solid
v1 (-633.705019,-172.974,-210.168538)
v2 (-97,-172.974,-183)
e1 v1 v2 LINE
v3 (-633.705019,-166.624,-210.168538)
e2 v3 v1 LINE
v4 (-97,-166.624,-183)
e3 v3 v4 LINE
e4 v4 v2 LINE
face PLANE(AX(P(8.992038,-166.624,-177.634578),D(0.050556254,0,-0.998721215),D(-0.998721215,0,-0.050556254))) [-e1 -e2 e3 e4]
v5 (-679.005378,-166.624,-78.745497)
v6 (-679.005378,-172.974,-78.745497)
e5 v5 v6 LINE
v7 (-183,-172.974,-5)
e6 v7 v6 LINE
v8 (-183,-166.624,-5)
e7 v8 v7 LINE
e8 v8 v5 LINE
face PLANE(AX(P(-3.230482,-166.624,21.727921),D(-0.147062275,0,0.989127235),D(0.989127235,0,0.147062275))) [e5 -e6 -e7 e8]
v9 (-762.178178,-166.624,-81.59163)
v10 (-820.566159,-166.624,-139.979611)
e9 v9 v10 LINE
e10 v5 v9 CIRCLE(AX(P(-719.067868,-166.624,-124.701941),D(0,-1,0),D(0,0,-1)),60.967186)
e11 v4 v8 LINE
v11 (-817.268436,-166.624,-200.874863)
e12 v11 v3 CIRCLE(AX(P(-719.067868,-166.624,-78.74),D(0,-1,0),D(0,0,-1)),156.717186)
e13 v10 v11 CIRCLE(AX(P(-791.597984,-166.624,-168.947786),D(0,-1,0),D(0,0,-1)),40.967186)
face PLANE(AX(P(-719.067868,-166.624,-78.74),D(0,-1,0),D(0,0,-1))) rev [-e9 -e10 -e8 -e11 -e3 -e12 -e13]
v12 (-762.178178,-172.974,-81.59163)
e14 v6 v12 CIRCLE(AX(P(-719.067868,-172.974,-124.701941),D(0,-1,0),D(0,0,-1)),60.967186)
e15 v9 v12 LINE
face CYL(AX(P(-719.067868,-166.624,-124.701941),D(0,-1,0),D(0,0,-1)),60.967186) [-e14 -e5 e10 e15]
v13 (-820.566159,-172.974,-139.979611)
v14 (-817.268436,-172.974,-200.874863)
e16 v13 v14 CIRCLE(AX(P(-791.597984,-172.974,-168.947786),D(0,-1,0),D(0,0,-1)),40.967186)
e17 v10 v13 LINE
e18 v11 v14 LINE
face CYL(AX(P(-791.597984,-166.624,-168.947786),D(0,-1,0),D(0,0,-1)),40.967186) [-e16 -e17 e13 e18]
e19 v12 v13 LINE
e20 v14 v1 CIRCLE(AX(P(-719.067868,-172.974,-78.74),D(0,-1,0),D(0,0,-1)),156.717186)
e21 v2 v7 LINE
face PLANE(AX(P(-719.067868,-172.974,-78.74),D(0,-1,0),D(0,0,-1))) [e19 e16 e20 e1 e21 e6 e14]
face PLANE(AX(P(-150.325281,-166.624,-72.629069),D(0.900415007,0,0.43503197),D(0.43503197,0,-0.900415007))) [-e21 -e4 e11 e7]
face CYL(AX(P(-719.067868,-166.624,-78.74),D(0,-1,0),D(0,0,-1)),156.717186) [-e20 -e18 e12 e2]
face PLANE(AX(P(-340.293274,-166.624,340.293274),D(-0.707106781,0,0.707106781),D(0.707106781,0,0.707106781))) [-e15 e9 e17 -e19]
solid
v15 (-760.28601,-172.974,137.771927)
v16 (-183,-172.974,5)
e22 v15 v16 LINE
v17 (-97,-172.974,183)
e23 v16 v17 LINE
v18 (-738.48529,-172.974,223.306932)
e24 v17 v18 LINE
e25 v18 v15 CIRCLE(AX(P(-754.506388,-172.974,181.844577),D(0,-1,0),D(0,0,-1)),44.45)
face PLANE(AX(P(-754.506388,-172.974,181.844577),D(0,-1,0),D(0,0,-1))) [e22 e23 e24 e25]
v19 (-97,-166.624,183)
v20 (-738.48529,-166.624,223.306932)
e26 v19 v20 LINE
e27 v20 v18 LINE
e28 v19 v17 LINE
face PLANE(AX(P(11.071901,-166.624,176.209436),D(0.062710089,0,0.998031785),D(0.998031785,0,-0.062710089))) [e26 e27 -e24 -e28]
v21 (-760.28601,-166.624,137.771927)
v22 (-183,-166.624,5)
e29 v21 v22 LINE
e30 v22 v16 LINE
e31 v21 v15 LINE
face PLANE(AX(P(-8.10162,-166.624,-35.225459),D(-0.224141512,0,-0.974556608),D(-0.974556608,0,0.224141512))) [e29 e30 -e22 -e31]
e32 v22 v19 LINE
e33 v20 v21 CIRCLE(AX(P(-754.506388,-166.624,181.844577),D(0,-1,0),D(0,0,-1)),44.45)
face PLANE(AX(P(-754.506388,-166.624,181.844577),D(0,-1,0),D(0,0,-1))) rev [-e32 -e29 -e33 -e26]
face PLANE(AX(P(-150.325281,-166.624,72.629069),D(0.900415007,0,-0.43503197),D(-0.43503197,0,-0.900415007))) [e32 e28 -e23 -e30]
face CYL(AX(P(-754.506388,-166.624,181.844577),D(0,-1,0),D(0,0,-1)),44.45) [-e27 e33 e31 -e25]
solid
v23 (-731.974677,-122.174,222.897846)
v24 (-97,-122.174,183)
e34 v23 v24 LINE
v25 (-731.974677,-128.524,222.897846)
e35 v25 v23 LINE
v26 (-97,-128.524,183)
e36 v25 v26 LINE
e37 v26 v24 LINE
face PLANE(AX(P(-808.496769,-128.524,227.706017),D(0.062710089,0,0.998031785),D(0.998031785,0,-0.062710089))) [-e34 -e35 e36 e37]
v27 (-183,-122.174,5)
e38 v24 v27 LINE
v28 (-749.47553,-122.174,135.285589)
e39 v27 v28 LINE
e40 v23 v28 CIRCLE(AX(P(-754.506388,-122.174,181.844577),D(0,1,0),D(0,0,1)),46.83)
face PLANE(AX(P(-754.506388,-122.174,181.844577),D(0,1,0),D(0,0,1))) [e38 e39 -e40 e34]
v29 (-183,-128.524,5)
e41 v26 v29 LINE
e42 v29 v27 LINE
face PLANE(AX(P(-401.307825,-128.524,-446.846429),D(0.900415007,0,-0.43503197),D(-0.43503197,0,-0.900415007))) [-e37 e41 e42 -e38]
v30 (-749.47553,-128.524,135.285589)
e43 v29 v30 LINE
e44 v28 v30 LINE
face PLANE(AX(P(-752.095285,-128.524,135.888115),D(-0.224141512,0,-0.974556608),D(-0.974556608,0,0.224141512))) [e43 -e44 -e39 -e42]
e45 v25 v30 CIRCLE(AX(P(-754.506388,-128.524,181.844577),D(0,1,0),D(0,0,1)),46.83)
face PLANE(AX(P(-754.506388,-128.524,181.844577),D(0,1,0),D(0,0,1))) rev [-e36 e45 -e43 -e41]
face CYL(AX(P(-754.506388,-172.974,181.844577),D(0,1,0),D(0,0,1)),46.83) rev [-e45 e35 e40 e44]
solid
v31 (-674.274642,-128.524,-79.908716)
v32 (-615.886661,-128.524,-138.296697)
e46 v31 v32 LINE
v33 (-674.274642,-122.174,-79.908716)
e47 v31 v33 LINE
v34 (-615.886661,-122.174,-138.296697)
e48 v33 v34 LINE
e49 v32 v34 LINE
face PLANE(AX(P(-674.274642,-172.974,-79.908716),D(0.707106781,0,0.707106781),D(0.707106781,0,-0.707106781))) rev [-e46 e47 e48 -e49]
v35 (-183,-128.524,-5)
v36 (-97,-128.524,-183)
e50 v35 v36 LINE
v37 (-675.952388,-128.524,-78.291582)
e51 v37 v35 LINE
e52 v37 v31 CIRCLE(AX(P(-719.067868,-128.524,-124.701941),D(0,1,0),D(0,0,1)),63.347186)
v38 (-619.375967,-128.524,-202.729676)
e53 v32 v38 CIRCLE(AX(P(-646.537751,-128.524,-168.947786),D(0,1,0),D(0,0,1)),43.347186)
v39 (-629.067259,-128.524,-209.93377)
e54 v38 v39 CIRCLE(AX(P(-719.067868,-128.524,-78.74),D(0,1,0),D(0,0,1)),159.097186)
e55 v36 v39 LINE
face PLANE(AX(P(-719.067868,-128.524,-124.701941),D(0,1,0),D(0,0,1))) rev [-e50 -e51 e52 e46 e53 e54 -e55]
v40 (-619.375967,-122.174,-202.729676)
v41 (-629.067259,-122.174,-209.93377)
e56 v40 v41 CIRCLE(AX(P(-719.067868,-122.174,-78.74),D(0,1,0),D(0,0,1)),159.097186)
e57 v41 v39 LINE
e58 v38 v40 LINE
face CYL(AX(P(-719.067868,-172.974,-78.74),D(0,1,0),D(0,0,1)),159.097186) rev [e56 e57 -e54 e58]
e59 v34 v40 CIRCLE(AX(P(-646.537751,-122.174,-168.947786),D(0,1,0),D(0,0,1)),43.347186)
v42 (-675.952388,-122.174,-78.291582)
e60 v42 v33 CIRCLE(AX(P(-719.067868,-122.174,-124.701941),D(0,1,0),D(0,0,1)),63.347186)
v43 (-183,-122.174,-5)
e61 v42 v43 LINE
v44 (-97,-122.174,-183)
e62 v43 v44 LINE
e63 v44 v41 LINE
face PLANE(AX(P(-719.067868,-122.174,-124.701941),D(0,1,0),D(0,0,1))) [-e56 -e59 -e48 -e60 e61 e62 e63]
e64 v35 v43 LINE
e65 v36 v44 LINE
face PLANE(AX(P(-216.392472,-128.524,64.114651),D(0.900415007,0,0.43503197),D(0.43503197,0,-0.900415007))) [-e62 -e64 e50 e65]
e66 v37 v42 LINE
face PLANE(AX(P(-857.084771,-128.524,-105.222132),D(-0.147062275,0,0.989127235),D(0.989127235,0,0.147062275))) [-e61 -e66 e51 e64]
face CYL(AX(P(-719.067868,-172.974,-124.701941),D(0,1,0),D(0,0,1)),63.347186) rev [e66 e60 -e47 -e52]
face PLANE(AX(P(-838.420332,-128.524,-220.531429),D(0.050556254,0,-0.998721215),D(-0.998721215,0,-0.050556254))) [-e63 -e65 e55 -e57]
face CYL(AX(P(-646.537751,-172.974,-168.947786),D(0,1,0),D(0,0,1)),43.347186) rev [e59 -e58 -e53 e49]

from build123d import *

# Parameters (mm, degrees)
BOSS_EXTRUDE1_START   = -172.974
BOSS_EXTRUDE1_DEPTH   = 6.35
BOSS_EXTRUDE1_2_DEPTH = 6.35
BOSS_EXTRUDE2_START   = -122.174
BOSS_EXTRUDE2_DEPTH   = 6.35
BOSS_EXTRUDE2_2_DEPTH = 6.35
SKETCH3_R             = 46.83
CUT_EXTRUDE2_DEPTH    = 883.340554687


with BuildPart() as part:
    # Sketch1 → Boss-Extrude1 (new body)
    with BuildSketch(Plane(origin=(0, 0, 0), x_dir=(1, 0, 0), z_dir=(0, 1, 0)).offset(BOSS_EXTRUDE1_START)):
        with BuildLine():
            Line((-97, 183), (-183, 5))
            Line((-183, 5), (-679.005377884, 78.745496881))
            ThreePointArc((-679.005377884, 78.745496881), (-721.152914741, 63.770418633), (-762.17817844, 81.591629872))
            Line((-762.17817844, 81.591629872), (-820.56615944, 139.979610872))
            ThreePointArc((-820.56615944, 139.979610872), (-832.505230927, 171.163078474), (-817.268436033, 200.874863358))
            ThreePointArc((-817.268436033, 200.874863358), (-726.992188174, 235.256713622), (-633.705018706, 210.16853777))
            Line((-633.705018706, 210.16853777), (-97, 183))
        make_face()
    extrude(amount=BOSS_EXTRUDE1_DEPTH)


with BuildPart() as body_2:
    # Sketch1 → Boss-Extrude1 2 (new body)
    with BuildSketch(Plane(origin=(0, 0, 0), x_dir=(1, 0, 0), z_dir=(0, 1, 0)).offset(BOSS_EXTRUDE1_START)):
        with BuildLine():
            Line((-97, -183), (-183, -5))
            Line((-183, -5), (-760.286009912, -137.771927086))
            ThreePointArc((-760.286009912, -137.771927086), (-797.579364145, -192.822794387), (-738.485290066, -223.306932381))
            Line((-738.485290066, -223.306932381), (-97, -183))
        make_face()
    extrude(amount=BOSS_EXTRUDE1_2_DEPTH)


with BuildPart() as body_3:
    # Sketch1<2> → Boss-Extrude2 (new body)
    with BuildSketch(Plane(origin=(0, 0, 0), x_dir=(1, 0, 0), z_dir=(0, 1, 0)).offset(BOSS_EXTRUDE2_START)):
        with BuildLine():
            Line((-97, 183), (-183, 5))
            Line((-183, 5), (-679.005377884, 78.745496881))
            ThreePointArc((-679.005377884, 78.745496881), (-721.152914741, 63.770418633), (-762.17817844, 81.591629872))
            Line((-762.17817844, 81.591629872), (-820.56615944, 139.979610872))
            ThreePointArc((-820.56615944, 139.979610872), (-832.505230927, 171.163078474), (-817.268436033, 200.874863358))
            ThreePointArc((-817.268436033, 200.874863358), (-726.992188174, 235.256713622), (-633.705018706, 210.16853777))
            Line((-633.705018706, 210.16853777), (-97, 183))
        make_face()
    extrude(amount=-BOSS_EXTRUDE2_DEPTH)


with BuildPart() as body_4:
    # Sketch1<2> → Boss-Extrude2 2 (new body)
    with BuildSketch(Plane(origin=(0, 0, 0), x_dir=(1, 0, 0), z_dir=(0, 1, 0)).offset(BOSS_EXTRUDE2_START)):
        with BuildLine():
            Line((-97, -183), (-183, -5))
            Line((-183, -5), (-760.286009912, -137.771927086))
            ThreePointArc((-760.286009912, -137.771927086), (-797.579364145, -192.822794387), (-738.485290066, -223.306932381))
            Line((-738.485290066, -223.306932381), (-97, -183))
        make_face()
    extrude(amount=-BOSS_EXTRUDE2_2_DEPTH)


with BuildPart() as cut_extrude2_tool:
    # Sketch3 → Cut-Extrude2 (new, through all)
    with BuildSketch(Plane(origin=(0, 0, 0), x_dir=(1, 0, 0), z_dir=(0, 1, 0))):
        with Locations((-754.506388348, -181.844577047)):
            Circle(SKETCH3_R)
        with BuildLine():
            Line((-674.274642491, 79.908715733), (-615.886661491, 138.296696732))
            ThreePointArc((-615.886661491, 138.296696732), (-603.25398635, 171.291776492), (-619.37596705, 202.729675721))
            ThreePointArc((-619.37596705, 202.729675721), (-719.067867535, 237.83718636), (-818.75976802, 202.729675721))
            ThreePointArc((-818.75976802, 202.729675721), (-834.88174872, 171.291776492), (-822.249073579, 138.296696732))
            Line((-822.249073579, 138.296696732), (-763.86109258, 79.908715733))
            ThreePointArc((-763.86109258, 79.908715733), (-719.067867535, 61.354754417), (-674.274642491, 79.908715733))
        make_face()
    extrude(amount=-CUT_EXTRUDE2_DEPTH)


with BuildPart() as body_4_1:
    add(body_4.part)

    # Cut-Extrude2: cut by cut_extrude2_tool
    add(cut_extrude2_tool.part, mode=Mode.SUBTRACT)


with BuildPart() as body_3_1:
    add(body_3.part)

    # Cut-Extrude2: cut by cut_extrude2_tool
    add(cut_extrude2_tool.part, mode=Mode.SUBTRACT)


solid = Compound([part.part, body_2.part, body_4_1.part, body_3_1.part])
